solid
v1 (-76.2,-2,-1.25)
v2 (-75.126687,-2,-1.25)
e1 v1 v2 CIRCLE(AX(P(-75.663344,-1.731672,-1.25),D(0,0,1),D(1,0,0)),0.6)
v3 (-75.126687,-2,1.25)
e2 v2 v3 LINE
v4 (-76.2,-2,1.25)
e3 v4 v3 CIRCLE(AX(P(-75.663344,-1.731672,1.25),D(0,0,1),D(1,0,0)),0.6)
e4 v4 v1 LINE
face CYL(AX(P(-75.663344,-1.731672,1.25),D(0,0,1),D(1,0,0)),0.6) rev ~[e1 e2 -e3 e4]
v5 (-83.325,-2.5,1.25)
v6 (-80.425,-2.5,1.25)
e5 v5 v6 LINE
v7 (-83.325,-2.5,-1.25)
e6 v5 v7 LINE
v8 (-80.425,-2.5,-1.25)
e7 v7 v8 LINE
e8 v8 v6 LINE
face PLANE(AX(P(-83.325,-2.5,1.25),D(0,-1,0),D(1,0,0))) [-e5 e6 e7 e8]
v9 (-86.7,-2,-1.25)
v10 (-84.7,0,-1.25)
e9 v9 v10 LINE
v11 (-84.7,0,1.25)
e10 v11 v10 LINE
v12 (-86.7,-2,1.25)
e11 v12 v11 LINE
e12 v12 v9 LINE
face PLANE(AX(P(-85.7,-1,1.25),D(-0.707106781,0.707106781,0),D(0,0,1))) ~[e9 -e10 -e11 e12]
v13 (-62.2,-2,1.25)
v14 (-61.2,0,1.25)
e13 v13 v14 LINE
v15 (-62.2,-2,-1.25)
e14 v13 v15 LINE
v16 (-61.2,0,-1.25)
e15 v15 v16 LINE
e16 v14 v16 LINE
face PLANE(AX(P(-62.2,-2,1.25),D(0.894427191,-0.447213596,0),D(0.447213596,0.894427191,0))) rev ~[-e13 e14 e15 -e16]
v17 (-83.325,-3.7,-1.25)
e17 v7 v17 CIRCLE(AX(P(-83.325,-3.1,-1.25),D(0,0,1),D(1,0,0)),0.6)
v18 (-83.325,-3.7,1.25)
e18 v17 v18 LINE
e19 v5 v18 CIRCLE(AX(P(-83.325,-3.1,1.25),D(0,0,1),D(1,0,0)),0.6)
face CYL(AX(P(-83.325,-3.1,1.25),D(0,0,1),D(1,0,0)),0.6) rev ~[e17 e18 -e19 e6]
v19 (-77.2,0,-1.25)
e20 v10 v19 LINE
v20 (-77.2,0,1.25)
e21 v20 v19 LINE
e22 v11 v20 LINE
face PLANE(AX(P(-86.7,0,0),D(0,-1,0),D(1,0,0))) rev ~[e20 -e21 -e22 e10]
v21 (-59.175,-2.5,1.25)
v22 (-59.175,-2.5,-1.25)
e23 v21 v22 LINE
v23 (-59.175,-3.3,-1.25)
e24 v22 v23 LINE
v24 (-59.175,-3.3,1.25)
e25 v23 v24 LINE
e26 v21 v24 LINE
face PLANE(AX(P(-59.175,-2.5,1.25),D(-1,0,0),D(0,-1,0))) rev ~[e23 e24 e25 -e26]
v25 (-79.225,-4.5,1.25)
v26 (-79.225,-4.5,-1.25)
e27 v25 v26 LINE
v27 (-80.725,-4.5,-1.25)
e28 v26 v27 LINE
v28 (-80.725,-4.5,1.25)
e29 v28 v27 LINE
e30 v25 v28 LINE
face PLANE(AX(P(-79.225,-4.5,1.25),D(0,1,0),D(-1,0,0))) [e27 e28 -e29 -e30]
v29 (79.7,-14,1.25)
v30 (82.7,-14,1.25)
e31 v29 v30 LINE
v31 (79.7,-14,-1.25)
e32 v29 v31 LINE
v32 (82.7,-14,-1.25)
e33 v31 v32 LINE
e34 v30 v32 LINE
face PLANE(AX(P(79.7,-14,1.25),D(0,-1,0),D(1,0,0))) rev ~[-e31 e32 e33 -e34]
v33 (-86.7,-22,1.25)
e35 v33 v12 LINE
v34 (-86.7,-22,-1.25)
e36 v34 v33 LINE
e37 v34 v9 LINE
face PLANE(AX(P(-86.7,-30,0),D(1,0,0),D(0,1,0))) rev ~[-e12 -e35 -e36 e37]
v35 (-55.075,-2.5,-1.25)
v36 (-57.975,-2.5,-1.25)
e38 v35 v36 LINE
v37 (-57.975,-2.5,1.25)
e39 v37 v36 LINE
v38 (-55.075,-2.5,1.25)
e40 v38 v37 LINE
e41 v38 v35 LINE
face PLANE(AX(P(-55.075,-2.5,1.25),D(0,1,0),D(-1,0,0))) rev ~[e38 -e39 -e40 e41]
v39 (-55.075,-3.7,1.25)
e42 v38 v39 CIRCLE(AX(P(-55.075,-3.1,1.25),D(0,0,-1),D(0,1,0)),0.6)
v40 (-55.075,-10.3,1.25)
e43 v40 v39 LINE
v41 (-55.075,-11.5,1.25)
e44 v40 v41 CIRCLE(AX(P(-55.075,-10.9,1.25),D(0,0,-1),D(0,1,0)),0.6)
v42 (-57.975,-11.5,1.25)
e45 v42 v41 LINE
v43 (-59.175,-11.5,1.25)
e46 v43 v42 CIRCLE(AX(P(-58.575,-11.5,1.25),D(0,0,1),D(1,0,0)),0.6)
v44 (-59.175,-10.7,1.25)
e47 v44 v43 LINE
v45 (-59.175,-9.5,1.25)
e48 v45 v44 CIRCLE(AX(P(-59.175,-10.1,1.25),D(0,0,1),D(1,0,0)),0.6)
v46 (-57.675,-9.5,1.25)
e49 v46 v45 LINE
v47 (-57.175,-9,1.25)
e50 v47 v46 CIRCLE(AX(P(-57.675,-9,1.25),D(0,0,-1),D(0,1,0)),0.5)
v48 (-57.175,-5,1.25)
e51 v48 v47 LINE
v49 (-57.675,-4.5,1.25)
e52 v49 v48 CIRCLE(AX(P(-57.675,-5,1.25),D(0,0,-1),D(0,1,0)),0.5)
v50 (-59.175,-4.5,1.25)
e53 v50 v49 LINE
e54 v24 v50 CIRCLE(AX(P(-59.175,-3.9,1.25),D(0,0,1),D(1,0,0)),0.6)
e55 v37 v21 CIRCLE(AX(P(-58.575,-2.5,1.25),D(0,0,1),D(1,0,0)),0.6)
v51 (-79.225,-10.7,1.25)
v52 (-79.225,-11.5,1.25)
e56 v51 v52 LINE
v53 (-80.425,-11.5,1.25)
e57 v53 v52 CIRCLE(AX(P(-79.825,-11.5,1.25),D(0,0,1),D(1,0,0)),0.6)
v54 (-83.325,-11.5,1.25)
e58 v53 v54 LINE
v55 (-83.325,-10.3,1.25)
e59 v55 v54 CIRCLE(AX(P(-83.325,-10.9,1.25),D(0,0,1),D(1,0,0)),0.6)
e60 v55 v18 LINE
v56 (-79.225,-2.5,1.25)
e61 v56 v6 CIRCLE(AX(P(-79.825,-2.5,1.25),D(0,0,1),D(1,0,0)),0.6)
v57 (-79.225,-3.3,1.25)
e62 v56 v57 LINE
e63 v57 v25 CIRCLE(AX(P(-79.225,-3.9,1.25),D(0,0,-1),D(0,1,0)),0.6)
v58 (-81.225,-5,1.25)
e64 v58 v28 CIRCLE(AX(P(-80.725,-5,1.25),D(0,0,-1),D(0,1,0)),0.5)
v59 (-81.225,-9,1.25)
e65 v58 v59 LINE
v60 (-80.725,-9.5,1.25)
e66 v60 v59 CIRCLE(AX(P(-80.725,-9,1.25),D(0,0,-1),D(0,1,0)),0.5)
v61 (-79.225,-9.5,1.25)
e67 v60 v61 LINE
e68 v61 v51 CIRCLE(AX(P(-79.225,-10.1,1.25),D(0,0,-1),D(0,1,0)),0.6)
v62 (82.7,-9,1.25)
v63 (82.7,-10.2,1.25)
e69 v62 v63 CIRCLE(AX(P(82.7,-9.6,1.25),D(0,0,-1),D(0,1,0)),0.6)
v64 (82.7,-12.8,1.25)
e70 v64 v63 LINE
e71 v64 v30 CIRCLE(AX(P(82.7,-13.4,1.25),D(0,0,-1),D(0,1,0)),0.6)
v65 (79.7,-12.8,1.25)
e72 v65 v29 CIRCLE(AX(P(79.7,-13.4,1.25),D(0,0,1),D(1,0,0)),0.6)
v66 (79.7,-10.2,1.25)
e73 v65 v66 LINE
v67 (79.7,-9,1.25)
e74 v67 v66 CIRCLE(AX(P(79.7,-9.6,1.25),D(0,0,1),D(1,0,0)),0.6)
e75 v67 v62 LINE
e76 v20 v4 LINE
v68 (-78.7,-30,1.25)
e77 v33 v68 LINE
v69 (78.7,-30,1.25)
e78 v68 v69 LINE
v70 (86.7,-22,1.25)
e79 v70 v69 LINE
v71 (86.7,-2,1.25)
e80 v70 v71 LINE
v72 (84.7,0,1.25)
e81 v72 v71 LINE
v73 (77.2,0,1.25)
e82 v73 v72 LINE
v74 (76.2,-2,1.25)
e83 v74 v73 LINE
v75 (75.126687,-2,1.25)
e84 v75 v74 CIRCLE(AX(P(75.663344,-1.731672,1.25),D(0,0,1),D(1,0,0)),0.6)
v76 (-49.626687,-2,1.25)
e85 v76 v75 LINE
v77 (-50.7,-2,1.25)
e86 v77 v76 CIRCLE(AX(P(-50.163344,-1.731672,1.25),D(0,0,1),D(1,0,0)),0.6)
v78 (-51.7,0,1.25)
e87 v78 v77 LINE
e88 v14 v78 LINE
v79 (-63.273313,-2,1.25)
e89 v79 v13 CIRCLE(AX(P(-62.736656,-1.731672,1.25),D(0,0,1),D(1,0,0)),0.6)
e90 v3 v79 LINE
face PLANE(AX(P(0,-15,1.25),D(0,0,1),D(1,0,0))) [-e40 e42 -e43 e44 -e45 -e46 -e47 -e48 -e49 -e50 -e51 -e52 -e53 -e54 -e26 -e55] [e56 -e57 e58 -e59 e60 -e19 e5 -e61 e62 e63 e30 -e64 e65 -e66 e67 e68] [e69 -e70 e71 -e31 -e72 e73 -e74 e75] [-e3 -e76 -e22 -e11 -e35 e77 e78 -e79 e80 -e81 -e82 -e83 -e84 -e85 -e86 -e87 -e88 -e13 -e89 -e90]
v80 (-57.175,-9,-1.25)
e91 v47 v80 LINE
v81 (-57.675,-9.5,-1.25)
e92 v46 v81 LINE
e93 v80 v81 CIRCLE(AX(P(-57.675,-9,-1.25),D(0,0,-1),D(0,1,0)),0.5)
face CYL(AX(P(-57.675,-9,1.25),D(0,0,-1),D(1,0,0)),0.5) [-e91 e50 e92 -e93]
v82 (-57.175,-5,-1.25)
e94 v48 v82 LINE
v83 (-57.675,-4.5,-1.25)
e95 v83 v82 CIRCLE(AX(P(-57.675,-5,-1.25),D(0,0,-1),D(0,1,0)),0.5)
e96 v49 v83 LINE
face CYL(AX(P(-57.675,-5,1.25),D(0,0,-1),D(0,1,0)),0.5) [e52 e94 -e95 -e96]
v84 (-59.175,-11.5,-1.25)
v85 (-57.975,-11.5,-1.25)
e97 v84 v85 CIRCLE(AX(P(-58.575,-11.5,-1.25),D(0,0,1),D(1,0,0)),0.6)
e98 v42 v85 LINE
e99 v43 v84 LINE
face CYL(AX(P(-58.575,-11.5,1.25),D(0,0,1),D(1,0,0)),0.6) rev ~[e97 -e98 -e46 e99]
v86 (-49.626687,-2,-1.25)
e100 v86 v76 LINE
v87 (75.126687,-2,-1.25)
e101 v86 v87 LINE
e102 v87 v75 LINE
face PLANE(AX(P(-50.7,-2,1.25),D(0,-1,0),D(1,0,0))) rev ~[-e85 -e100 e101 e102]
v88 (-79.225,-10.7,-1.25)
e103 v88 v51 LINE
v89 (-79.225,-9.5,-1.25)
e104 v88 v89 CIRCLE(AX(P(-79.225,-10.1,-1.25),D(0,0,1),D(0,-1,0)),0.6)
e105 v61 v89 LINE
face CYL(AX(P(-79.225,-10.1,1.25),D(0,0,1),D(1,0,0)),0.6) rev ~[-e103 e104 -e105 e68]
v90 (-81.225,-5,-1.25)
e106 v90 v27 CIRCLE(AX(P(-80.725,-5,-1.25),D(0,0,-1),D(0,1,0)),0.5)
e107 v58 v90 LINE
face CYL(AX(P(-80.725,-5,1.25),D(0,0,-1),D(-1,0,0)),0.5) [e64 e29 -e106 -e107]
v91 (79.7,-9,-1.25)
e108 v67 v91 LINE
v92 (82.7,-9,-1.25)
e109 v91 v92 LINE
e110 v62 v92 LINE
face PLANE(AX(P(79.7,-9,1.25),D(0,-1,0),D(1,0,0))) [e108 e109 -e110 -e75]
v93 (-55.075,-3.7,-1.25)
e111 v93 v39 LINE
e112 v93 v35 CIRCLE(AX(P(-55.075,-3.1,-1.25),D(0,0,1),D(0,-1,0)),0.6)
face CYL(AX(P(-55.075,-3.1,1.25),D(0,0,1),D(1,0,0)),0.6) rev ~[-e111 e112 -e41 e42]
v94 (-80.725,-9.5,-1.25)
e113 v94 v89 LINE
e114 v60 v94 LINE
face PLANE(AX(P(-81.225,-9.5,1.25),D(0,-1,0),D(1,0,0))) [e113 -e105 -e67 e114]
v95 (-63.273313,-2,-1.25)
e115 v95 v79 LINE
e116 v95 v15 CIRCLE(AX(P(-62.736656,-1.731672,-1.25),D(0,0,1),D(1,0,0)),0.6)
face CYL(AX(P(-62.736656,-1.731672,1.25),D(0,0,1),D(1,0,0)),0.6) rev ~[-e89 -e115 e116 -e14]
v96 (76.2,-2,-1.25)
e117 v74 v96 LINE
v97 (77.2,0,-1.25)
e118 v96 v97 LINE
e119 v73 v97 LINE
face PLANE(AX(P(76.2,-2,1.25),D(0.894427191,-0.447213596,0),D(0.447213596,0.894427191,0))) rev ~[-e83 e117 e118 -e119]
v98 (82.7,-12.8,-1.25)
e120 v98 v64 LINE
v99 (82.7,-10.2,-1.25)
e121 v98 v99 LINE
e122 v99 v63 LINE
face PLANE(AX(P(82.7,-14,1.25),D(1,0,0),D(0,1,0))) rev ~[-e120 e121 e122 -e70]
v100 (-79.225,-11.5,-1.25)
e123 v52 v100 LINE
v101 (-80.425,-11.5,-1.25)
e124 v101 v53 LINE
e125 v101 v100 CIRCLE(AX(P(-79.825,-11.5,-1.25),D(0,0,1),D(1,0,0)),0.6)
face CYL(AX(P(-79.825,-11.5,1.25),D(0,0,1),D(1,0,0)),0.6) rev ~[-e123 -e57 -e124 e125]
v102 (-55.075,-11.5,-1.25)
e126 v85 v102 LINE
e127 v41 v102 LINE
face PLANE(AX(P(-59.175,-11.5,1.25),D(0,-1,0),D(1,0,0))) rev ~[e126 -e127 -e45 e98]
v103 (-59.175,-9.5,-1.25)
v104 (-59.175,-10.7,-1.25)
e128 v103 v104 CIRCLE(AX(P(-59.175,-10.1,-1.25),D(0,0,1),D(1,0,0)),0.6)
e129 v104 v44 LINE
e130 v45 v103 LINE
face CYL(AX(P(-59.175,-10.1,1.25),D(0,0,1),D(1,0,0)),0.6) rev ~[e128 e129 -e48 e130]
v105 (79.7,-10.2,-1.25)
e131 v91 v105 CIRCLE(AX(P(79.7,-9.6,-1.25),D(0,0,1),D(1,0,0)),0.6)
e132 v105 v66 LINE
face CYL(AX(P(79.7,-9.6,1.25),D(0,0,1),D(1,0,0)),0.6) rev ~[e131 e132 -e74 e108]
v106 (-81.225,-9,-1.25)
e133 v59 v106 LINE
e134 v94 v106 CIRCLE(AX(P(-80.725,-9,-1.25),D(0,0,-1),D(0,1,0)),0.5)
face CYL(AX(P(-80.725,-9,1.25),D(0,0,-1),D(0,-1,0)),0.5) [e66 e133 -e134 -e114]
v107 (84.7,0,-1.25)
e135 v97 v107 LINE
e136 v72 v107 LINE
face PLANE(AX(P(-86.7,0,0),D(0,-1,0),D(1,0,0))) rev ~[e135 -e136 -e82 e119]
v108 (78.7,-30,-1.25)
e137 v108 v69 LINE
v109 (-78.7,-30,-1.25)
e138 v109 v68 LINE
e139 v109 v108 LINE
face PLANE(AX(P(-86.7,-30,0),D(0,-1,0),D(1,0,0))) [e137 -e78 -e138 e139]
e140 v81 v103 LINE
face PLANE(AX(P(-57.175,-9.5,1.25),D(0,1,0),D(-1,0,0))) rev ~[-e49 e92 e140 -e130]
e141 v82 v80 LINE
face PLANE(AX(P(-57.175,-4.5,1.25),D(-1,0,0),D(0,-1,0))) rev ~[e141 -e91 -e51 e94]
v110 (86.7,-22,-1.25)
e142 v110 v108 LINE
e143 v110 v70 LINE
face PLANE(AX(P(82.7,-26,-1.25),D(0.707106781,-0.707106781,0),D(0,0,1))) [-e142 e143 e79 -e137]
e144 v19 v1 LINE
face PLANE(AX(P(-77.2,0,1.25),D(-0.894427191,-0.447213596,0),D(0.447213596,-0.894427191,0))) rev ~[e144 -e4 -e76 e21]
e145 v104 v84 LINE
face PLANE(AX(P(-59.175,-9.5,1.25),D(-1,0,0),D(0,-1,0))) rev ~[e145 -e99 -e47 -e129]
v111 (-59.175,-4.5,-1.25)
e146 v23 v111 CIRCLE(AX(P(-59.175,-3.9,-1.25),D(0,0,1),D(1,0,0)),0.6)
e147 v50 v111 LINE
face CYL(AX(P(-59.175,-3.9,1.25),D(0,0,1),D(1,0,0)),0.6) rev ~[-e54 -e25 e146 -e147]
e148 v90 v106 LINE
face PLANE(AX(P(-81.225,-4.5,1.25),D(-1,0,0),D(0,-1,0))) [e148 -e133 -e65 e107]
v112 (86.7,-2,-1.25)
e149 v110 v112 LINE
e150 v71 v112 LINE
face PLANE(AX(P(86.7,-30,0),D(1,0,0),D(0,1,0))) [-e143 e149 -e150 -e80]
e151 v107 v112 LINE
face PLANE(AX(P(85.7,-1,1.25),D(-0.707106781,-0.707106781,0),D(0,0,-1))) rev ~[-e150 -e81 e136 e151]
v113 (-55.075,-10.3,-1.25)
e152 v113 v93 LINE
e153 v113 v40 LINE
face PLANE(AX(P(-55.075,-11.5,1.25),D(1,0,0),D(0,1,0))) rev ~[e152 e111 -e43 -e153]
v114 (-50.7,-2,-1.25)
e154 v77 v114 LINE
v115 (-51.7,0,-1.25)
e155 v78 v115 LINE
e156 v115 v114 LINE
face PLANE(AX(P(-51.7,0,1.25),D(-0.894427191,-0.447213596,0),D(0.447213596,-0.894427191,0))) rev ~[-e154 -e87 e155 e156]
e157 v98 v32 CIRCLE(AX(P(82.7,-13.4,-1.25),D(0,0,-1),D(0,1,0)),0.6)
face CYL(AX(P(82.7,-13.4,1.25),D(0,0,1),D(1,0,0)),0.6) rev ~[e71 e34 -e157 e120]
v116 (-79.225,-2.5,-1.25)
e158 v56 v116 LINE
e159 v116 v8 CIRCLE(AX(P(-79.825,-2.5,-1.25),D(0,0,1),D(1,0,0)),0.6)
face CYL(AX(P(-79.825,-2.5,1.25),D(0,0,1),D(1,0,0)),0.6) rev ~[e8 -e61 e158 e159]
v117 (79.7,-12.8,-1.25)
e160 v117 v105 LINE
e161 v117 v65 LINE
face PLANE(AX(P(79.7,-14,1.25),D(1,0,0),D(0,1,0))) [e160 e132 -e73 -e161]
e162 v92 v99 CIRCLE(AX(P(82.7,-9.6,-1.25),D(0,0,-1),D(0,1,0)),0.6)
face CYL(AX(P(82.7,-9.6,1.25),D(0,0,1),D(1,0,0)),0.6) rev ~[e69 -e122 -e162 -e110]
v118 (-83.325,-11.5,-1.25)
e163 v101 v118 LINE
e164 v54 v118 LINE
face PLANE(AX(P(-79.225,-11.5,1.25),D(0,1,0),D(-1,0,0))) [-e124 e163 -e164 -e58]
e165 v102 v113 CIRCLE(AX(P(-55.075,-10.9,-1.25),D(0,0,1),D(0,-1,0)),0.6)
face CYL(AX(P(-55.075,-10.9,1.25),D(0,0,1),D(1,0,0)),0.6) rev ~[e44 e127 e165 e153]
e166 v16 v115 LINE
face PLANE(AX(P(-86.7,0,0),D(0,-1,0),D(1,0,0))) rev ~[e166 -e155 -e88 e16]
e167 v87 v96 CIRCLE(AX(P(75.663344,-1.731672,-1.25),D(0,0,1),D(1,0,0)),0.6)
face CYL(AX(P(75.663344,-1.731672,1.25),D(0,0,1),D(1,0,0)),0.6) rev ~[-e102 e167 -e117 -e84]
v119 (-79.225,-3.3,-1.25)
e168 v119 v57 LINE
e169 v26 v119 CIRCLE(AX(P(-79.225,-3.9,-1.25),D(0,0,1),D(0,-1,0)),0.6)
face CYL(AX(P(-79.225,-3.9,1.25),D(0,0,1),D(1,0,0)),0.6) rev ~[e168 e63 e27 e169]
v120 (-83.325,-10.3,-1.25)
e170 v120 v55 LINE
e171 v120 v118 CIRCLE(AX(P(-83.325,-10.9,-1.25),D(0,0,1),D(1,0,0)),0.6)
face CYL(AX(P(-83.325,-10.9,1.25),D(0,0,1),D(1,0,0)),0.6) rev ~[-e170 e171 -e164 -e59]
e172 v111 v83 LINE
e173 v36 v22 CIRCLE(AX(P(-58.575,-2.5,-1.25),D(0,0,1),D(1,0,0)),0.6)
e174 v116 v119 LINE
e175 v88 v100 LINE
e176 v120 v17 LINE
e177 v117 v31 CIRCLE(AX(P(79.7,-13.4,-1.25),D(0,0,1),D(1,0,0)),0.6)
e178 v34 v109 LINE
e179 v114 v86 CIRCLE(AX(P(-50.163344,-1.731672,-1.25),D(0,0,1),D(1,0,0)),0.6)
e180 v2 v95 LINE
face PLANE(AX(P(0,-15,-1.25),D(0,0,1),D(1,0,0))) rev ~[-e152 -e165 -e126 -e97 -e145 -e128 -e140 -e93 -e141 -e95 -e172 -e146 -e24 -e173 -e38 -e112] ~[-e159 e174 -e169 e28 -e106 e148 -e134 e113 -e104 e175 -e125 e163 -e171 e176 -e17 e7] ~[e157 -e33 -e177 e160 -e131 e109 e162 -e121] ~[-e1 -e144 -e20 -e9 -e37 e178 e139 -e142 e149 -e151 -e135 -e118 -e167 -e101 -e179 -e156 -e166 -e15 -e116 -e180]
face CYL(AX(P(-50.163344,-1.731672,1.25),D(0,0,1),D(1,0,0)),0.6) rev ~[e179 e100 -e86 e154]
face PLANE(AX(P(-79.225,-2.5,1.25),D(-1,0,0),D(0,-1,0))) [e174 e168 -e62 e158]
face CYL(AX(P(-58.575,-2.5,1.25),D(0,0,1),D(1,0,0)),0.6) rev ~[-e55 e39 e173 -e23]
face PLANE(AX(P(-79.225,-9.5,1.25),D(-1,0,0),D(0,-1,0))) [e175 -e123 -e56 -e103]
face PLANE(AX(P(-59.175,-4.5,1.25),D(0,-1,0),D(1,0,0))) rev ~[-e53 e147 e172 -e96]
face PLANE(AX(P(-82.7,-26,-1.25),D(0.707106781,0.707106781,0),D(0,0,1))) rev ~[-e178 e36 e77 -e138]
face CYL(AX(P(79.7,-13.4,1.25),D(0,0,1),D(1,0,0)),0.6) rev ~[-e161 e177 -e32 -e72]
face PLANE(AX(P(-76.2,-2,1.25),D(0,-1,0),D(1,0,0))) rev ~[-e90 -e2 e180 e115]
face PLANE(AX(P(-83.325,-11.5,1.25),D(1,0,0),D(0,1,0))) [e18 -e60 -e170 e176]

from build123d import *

# Parameters (mm, degrees)
SKETCH_1_W          = 173.4
SKETCH_1_H          = 30
EXTRUDE_1_DEPTH     = 1.25
CHAMFER_1_SIZE      = 8
CHAMFER_2_SIZE      = 2
CUT_EXTRUDE_1_DEPTH = 3.5
CUT_EXTRUDE_4_DEPTH = 3.5
CUT_EXTRUDE_2_DEPTH = 3.5
SKETCH_5_R          = 0.6
CUT_EXTRUDE_3_DEPTH = 3.5
FILLET_1_R          = 0.5
SKETCH_7_W          = 3
SKETCH_7_H          = 5
CUT_EXTRUDE_5_DEPTH = 3.5
SKETCH_8_R          = 0.6
CUT_EXTRUDE_6_DEPTH = 3.5


with BuildPart() as part:
    # 草图1 → 凸台-拉伸1 (new body, symmetric)
    with BuildSketch(Plane.XY):
        with Locations((0, -15)):
            Rectangle(SKETCH_1_W, SKETCH_1_H)
    extrude(amount=EXTRUDE_1_DEPTH, both=True)

    # 倒角1
    chamfer_1_edges = [part.edges().sort_by_distance(p)[0] for p in [
        (86.7, -30, 0),
        (-86.7, -30, 0),
    ]]
    chamfer(chamfer_1_edges, length=CHAMFER_1_SIZE)

    # 倒角2
    chamfer_2_edges = [part.edges().sort_by_distance(p)[0] for p in [
        (-86.7, 0, 0),
        (86.7, 0, 0),
    ]]
    chamfer(chamfer_2_edges, length=CHAMFER_2_SIZE)

    # 草图2 → 切除-拉伸1 (cut, through all)
    with BuildSketch(Plane.XY.offset(1.25)):
        Polygon((-77.2, 0), (-76.2, -2), (-62.2, -2), (-61.2, 0), align=None)
    extrude(amount=-CUT_EXTRUDE_1_DEPTH, mode=Mode.SUBTRACT)

    # 草图6 → 切除-拉伸4 (cut, through all)
    with BuildSketch(Plane.XY.offset(1.25)):
        Polygon((-51.7, 0), (-50.7, -2), (76.2, -2), (77.2, 0), align=None)
    extrude(amount=-CUT_EXTRUDE_4_DEPTH, mode=Mode.SUBTRACT)

    # 草图4 → 切除-拉伸2 (cut, through all)
    with BuildSketch(Plane.XY.offset(1.25)):
        Polygon((-83.325, -2.5), (-79.225, -2.5), (-79.225, -4.5), (-81.225, -4.5), (-81.225, -9.5), (-79.225, -9.5), (-79.225, -11.5), (-83.325, -11.5), align=None)
        Polygon((-59.175, -11.5), (-55.075, -11.5), (-55.075, -2.5), (-59.175, -2.5), (-59.175, -4.5), (-57.175, -4.5), (-57.175, -9.5), (-59.175, -9.5), align=None)
    extrude(amount=-CUT_EXTRUDE_2_DEPTH, mode=Mode.SUBTRACT)

    # 草图5 → 切除-拉伸3 (cut, through all)
    with BuildSketch(Plane.XY.offset(1.25)):
        with Locations((-83.325, -3.1)):
            Circle(SKETCH_5_R)
        with Locations((-83.325, -10.9)):
            Circle(SKETCH_5_R)
        with Locations((-79.825, -11.5)):
            Circle(SKETCH_5_R)
        with Locations((-79.225, -10.1)):
            Circle(SKETCH_5_R)
        with Locations((-79.225, -3.9)):
            Circle(SKETCH_5_R)
        with Locations((-79.825, -2.5)):
            Circle(SKETCH_5_R)
        with Locations((-58.575, -2.5)):
            Circle(SKETCH_5_R)
        with Locations((-59.175, -3.9)):
            Circle(SKETCH_5_R)
        with Locations((-59.175, -10.1)):
            Circle(SKETCH_5_R)
        with Locations((-58.575, -11.5)):
            Circle(SKETCH_5_R)
        with Locations((-55.075, -10.9)):
            Circle(SKETCH_5_R)
        with Locations((-55.075, -3.1)):
            Circle(SKETCH_5_R)
        with Locations((-75.663343685, -1.731671843)):
            Circle(SKETCH_5_R)
        with Locations((-62.736656315, -1.731671843)):
            Circle(SKETCH_5_R)
        with Locations((-50.163343685, -1.731671843)):
            Circle(SKETCH_5_R)
        with Locations((75.663343685, -1.731671843)):
            Circle(SKETCH_5_R)
    extrude(amount=-CUT_EXTRUDE_3_DEPTH, mode=Mode.SUBTRACT)

    # 圆角1
    fillet_1_edges = [part.edges().sort_by_distance(p)[0] for p in [
        (-57.175, -9.5, 0),
        (-57.175, -4.5, 0),
        (-81.225, -4.5, 0),
        (-81.225, -9.5, 0),
    ]]
    fillet(fillet_1_edges, radius=FILLET_1_R)

    # 草图7 → 切除-拉伸5 (cut, through all)
    with BuildSketch(Plane.XY.offset(1.25)):
        with Locations((81.2, -11.5)):
            Rectangle(SKETCH_7_W, SKETCH_7_H)
    extrude(amount=-CUT_EXTRUDE_5_DEPTH, mode=Mode.SUBTRACT)

    # 草图8 → 切除-拉伸6 (cut, through all)
    with BuildSketch(Plane.XY.offset(1.25)):
        with Locations((79.7, -9.6)):
            Circle(SKETCH_8_R)
        with Locations((79.7, -13.4)):
            Circle(SKETCH_8_R)
        with Locations((82.7, -13.4)):
            Circle(SKETCH_8_R)
        with Locations((82.7, -9.6)):
            Circle(SKETCH_8_R)
    extrude(amount=-CUT_EXTRUDE_6_DEPTH, mode=Mode.SUBTRACT)


solid = part.part
